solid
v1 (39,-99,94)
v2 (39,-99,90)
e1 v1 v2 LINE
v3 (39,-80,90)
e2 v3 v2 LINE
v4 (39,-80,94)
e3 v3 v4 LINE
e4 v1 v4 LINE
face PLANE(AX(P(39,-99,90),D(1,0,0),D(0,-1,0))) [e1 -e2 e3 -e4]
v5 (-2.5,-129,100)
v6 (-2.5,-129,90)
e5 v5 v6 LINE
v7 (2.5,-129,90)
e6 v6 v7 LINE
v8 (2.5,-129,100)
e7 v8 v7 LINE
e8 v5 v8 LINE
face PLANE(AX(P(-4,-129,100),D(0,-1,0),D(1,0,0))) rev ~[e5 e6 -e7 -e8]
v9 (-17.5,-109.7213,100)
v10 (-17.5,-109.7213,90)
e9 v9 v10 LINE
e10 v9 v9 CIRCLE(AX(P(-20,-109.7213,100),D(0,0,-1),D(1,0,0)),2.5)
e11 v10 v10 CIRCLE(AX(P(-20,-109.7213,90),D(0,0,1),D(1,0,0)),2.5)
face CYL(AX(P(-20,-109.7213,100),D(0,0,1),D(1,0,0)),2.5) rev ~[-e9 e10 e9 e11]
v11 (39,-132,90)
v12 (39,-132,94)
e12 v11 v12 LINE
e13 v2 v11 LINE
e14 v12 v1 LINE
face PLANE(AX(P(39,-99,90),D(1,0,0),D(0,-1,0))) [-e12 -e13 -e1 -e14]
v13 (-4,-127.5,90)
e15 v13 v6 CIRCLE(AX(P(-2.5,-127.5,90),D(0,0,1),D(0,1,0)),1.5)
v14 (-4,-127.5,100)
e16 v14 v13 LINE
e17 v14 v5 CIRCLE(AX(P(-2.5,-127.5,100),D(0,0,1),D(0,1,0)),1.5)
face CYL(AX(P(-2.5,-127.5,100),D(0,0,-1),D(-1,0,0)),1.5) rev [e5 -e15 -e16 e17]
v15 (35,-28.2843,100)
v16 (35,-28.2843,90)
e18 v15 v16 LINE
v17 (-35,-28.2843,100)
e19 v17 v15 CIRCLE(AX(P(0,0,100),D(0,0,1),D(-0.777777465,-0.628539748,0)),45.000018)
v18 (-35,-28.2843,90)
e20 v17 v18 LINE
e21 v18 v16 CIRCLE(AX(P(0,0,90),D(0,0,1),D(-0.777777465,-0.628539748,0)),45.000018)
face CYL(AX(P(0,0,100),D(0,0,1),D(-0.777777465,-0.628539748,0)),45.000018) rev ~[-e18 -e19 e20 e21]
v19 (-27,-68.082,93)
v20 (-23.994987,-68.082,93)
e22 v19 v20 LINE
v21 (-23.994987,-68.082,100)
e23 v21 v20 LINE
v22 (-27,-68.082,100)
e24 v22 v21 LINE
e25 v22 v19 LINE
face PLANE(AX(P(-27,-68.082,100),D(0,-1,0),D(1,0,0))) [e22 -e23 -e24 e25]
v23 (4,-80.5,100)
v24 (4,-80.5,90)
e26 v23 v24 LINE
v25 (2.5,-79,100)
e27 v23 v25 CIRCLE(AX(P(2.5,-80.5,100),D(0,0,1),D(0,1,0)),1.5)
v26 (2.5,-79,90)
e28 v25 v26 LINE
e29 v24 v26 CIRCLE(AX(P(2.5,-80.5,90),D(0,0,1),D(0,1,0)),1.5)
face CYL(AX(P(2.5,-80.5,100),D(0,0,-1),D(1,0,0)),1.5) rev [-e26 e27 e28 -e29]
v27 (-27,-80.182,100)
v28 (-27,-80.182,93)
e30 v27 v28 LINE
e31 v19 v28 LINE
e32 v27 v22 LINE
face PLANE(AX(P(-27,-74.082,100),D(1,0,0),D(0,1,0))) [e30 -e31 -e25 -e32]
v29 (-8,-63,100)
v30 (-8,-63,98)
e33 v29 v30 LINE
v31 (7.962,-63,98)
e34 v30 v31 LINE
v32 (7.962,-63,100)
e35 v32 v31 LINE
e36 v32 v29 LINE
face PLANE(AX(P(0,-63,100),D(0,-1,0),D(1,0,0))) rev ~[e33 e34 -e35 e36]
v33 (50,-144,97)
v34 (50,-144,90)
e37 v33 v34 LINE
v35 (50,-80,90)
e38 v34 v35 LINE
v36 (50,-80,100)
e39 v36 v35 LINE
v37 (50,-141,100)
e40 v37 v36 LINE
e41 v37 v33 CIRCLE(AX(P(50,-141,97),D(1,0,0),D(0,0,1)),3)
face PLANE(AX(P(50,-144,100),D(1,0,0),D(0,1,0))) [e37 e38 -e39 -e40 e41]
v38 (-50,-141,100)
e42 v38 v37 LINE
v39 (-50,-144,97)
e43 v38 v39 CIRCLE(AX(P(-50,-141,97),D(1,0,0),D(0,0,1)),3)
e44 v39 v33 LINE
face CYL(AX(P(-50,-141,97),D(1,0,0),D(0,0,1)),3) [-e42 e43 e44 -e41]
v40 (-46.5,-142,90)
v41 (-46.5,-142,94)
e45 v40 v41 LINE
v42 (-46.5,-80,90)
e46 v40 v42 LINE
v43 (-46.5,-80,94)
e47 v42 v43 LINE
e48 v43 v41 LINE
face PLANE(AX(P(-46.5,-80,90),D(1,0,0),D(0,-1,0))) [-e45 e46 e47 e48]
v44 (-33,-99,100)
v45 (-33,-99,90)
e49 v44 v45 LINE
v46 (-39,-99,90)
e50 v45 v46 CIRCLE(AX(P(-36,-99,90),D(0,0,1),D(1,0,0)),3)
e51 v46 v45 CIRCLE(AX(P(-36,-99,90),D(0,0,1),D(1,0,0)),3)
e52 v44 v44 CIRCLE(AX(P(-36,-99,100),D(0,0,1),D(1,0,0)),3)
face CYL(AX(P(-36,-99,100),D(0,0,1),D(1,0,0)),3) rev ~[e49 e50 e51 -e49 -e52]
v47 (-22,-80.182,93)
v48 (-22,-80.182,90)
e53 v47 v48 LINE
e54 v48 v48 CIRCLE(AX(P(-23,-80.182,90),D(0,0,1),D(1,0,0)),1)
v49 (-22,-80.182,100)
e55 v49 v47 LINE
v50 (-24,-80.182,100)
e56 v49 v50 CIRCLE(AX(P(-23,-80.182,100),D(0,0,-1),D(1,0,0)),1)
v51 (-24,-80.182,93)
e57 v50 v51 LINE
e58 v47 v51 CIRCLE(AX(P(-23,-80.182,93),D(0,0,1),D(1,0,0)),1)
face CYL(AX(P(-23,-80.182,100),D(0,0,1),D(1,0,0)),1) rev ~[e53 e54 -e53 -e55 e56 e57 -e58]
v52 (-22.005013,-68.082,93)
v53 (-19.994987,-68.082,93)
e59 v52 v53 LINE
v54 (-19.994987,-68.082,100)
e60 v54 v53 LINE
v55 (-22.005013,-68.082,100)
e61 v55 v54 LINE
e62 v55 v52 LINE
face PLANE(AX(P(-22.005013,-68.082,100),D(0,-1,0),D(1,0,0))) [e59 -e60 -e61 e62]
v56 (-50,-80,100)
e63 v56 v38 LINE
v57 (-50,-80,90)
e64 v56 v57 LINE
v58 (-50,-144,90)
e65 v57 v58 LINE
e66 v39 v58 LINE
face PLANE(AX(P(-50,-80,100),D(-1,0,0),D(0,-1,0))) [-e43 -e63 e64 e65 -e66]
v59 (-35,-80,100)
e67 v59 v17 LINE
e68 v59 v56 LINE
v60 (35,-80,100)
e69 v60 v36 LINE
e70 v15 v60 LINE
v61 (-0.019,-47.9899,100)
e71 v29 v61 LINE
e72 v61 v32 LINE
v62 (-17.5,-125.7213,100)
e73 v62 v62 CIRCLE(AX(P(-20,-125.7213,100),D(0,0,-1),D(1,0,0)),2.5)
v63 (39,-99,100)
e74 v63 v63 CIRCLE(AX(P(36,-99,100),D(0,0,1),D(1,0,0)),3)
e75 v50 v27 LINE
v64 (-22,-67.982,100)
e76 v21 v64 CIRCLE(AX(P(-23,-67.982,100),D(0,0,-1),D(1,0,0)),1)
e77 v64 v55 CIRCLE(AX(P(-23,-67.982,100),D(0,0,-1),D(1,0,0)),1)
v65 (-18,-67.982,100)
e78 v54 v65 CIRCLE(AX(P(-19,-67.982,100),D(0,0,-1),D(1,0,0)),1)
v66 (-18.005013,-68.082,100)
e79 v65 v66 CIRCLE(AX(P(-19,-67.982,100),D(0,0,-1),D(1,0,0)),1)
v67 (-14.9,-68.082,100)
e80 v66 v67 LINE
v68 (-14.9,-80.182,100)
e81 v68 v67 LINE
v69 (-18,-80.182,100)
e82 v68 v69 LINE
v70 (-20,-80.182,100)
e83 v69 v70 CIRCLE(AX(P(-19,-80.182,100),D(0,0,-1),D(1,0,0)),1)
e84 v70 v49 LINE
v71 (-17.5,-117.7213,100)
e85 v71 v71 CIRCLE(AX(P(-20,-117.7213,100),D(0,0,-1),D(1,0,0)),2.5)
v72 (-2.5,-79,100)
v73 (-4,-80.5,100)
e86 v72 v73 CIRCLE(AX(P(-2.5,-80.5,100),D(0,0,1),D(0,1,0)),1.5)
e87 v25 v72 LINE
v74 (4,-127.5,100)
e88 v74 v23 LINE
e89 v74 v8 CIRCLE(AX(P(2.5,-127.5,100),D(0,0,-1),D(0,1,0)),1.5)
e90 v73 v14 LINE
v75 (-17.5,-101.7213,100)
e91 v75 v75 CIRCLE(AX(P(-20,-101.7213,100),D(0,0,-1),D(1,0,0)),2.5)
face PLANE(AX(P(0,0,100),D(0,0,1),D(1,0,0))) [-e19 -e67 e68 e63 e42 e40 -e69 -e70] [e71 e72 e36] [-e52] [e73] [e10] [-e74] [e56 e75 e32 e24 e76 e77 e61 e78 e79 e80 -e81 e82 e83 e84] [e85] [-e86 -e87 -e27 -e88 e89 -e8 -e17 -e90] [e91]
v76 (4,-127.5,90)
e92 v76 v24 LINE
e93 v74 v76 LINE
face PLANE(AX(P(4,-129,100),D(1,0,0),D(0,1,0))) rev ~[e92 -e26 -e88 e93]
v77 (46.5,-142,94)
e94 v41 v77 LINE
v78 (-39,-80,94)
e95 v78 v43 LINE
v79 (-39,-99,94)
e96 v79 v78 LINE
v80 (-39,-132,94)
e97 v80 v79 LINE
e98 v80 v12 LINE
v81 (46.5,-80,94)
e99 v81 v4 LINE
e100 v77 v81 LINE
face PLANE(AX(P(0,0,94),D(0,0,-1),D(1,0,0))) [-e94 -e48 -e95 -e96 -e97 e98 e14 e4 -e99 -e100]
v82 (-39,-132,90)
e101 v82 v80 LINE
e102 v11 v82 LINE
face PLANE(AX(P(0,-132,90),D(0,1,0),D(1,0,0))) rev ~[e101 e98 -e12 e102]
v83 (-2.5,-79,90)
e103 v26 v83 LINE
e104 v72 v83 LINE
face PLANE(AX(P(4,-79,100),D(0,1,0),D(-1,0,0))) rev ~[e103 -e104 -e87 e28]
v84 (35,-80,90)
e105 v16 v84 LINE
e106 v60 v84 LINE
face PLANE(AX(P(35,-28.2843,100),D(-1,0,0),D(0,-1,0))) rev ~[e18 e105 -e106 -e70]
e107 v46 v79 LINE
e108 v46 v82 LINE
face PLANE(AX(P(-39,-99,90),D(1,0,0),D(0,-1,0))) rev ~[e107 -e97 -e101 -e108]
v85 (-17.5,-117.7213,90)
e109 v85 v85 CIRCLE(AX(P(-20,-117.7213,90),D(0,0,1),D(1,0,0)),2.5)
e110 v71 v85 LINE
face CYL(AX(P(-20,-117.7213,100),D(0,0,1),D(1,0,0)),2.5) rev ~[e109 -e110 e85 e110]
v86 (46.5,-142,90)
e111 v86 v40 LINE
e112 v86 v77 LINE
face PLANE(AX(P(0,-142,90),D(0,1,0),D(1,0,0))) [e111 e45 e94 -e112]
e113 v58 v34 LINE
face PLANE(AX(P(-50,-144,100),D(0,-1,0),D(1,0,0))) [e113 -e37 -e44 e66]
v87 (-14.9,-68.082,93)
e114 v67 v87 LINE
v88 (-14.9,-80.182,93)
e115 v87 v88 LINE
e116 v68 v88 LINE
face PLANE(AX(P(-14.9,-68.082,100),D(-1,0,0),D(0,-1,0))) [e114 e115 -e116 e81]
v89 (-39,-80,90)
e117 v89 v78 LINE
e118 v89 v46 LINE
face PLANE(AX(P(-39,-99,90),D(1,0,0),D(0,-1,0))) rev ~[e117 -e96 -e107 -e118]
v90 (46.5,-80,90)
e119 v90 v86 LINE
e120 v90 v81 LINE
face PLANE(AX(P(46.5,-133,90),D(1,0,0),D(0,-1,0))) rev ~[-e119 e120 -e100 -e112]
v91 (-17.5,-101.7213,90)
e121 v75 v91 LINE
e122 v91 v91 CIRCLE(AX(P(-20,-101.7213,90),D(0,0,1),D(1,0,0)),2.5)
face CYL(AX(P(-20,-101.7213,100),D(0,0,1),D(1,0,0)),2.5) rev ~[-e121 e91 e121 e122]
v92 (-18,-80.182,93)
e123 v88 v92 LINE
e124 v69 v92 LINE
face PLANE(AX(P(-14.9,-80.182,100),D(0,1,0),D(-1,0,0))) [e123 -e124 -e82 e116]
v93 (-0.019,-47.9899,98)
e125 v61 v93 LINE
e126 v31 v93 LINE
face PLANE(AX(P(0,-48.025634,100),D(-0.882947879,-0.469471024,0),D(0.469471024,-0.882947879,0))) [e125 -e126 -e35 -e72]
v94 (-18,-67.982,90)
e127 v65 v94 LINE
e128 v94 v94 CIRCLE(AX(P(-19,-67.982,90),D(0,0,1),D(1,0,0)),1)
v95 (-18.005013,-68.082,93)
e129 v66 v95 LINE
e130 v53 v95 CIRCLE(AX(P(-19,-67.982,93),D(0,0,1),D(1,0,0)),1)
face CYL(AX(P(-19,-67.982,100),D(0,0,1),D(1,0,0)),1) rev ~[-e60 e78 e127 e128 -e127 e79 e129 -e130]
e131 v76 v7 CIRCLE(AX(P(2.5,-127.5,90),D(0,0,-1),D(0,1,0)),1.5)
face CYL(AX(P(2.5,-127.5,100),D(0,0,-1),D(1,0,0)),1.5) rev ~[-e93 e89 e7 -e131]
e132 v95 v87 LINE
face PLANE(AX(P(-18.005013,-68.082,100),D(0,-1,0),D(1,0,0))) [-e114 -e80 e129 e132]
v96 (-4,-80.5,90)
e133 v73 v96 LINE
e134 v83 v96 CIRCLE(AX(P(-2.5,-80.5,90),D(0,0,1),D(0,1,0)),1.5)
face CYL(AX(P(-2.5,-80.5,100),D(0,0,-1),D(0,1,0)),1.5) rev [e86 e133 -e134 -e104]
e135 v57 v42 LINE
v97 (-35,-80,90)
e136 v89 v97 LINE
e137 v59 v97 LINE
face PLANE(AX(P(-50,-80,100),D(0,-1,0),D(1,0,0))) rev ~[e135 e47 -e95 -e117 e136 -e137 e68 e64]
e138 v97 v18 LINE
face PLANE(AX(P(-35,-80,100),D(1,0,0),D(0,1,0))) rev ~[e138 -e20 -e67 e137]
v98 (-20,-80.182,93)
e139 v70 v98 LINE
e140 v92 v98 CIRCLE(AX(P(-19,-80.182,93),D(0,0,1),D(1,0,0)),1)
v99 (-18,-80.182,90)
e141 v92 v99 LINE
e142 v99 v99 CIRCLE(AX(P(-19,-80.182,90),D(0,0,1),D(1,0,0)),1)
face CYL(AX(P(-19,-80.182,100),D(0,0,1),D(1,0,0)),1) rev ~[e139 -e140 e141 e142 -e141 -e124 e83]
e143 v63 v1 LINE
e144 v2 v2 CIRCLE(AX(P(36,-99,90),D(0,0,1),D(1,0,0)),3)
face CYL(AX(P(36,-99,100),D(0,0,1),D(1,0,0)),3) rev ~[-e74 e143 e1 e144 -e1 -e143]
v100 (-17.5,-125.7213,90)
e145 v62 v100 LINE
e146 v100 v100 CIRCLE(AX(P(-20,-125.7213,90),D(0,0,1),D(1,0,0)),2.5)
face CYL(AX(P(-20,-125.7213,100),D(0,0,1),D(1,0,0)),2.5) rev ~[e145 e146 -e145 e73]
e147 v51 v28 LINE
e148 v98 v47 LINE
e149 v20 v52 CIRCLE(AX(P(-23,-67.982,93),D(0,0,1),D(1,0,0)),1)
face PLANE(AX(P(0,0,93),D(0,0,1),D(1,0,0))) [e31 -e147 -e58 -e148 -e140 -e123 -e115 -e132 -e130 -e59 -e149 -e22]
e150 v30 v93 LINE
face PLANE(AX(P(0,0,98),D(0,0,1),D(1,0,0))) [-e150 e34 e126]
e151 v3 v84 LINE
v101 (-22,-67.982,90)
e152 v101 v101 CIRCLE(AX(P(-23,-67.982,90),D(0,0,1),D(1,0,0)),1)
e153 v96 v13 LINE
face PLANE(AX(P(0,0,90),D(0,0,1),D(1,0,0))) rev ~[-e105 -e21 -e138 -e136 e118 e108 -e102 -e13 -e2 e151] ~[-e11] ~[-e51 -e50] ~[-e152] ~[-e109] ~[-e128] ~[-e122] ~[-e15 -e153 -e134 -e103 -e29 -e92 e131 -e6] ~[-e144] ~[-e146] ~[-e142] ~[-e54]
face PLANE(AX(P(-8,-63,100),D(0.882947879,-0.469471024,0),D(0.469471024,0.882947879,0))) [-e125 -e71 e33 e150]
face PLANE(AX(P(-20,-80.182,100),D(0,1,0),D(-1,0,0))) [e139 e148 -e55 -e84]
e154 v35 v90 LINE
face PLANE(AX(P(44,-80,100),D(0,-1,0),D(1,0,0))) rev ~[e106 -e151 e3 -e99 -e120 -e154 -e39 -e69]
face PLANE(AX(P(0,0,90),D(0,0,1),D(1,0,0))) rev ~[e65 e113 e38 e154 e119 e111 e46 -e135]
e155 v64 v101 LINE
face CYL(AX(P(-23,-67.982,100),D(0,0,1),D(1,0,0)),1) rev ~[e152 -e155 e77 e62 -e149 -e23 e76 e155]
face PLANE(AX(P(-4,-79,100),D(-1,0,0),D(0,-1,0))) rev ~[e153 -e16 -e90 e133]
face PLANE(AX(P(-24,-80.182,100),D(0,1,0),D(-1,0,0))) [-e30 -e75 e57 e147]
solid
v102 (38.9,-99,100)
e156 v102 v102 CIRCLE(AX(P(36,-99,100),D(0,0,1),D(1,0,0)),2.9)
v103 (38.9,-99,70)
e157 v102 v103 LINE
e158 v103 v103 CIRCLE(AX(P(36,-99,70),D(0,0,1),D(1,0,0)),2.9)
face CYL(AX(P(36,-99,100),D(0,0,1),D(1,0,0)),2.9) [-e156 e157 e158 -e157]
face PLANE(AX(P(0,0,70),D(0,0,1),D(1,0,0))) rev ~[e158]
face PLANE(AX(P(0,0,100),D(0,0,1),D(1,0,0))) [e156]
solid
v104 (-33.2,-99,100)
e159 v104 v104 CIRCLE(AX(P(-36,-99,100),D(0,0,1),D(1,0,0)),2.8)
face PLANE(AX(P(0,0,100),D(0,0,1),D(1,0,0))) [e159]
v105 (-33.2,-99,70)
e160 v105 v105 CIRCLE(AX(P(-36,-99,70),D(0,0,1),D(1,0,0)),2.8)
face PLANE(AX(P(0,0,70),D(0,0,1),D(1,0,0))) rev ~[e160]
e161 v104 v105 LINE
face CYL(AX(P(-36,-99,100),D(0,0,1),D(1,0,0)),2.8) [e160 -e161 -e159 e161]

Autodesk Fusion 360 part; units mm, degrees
ref_plane "WorkPlane1" through (0, 0, 100) normal (0, 0, 1) x (1, 0, 0)
sketch "Sketch3" plane through (0, 0, 100) normal (0, 0, 1) x (1, 0, 0)
  line L0 (50, -80) -> (50, 0)
  arc A0 (50, 0) -> (-50, 0) centre (0, 0) ccw
  arc A1 (35, 0) -> (-35, 0) centre (0, 0) ccw
  line L1 (35, 0) -> (35, -80)
  line L2 (35, -80) -> (50, -80)
  line L3 (-50, 0) -> (-50, -80)
  line L4 (-50, -80) -> (-35, -80)
  line L5 (-35, -80) -> (-35, 0)
  circle A2 centre (-36, -99) radius 3
  circle A3 centre (36, -99) radius 3
  line L6 (40, -135) -> (-40, -135)
  line L7 (-40, -135) -> (-40, 0)
  line L8 (40, 0) -> (40, -135)
  line L9 (-44, -139) -> (-44, 0)
  line L10 (44, 0) -> (44, -139)
  line L11 (44, -139) -> (-44, -139)
  arc A4 (-35, -28.2843) -> (35, -28.2843) centre (0, 0) ccw
  line L12 (-35, -28.2843) -> (-35, -80)
  line L13 (-50, -80) -> (-50, -144)
  line L14 (-50, -144) -> (50, -144)
  line L15 (50, -144) -> (50, -80)
  line L16 (50, -80) -> (35, -80)
  line L17 (35, -28.2843) -> (35, -80)
  line L18 (-50, -80) -> (-35, -80)
  circle A5 centre (-36, -99) radius 2.8
  circle A6 centre (36, -99) radius 2.9
  dimension "d2" = 90
  dimension "d3" = 5.6
  dimension "d4" = 5.8
  dimension "d15" = 64
extrude "Extrude1" add sketch "Sketch3" against normal blind 10 contours L2 L4 L9 L10 L11 L13 L14 L15 L16 L18 | L2 L4 L6 L7 L8 L9 L10 L11 L16 L18 | L1 L2 L4 L5 L6 L7 L8 A4 L12 L16 L17 L18 makes body 1
extrude "Extrude2" add sketch "Sketch3" against normal blind 30 separate body contours A5 | A6 makes body 2 at (-33.541, -100.3391, 80) makes body 3 at (37.1927, -96.3566, 80)
sketch "Sketch6" plane through (0, 0, 90) normal (0, 0, -1) x (1, 0, 0)
  circle A0 centre (36, 99) radius 3
  circle A1 centre (-36, 99) radius 3
  line L0 (50, 144) -> (-50, 144)
  line L1 (-50, 144) -> (-50, 80)
  line L2 (-50, 80) -> (-35, 80)
  line L3 (-35, 80) -> (-35, 28.2843)
  arc A2 (35, 28.2843) -> (-35, 28.2843) centre (0, 0) ccw
  line L4 (35, 28.2843) -> (35, 80)
  line L5 (35, 80) -> (50, 80)
  line L6 (50, 80) -> (50, 144)
  line L7 (35, 80) -> (42.5, 80)
  line L8 (42.5, 80) -> (46.5, 80)
  line L9 (42.5, 80) -> (39, 80)
  line L10 (46.5, 80) -> (46.5, 133)
  line L11 (39, 80) -> (39, 132)
  line L12 (0, 0) -> (0, 10)
  line L13 (0, 10) -> (0, 183.5284)
  line L14 (0, 10) -> (0, 183.5284)
  line L15 (-39, 80) -> (-39, 132)
  line L16 (-46.5, 80) -> (-46.5, 133)
  line L17 (-42.5, 80) -> (-39, 80)
  line L18 (-42.5, 80) -> (-46.5, 80)
  line L19 (-39, 132) -> (39, 132)
  line L20 (46.5, 133) -> (46.5, 142)
  line L21 (-46.5, 133) -> (-46.5, 142)
  line L22 (-46.5, 142) -> (46.5, 142)
  line L23 (44, 139) -> (-44, 139)
  dimension "d9" = 4
  dimension "d10" = 3.5
  dimension "d11" = 53
  dimension "d12" = 52
  dimension "d19" = 3
extrude "Extrude4" cut sketch "Sketch6" against normal blind 4 contours L5 L7 L8 L9 L10 L11 L13 L14 L19 L20 L22 | L2 L13 L14 L15 L16 L17 L18 L19 L21 L22 bodies 1
sketch "Sketch7" plane through (0, 0, 100) normal (0, 0, 1) x (1, 0, 0)
  line L0 (-20, -101.7213) -> (-20, -125.7213)
  circle A0 centre (-20, -101.7213) radius 2.5
  circle A1 centre (-20, -125.7213) radius 2.5
  circle A2 centre (-20, -117.7213) radius 2.5
  circle A3 centre (-20, -109.7213) radius 2.5
  dimension "d20" = 5
  dimension "d21" = 24
  dimension "d22" = 5
  dimension "d23" = 5
  dimension "d24" = 5
  dimension "d28" = 8
  dimension "d30" = 8
  dimension "d31" = 8
extrude "Extrude5" cut sketch "Sketch7" against normal blind 45 bodies 1
sketch "Sketch8" plane through (0, 0, 100) normal (0, 0, 1) x (1, 0, 0)
  line L0 (-27, -68.082) -> (-14.9, -68.082)
  line L1 (-14.9, -68.082) -> (-14.9, -80.182)
  line L2 (-14.9, -80.182) -> (-27, -80.182)
  line L3 (-27, -80.182) -> (-27, -68.082)
  line L4 (-27, -80.182) -> (-23, -80.182)
  circle A0 centre (-23, -80.182) radius 1
  line L5 (-23, -80.182) -> (-19, -80.182)
  circle A1 centre (-19, -80.182) radius 1
  line L6 (-27, -68.082) -> (-27, -74.082)
  line L7 (-27, -74.082) -> (-7.7924, -74.082)
  line L8 (-27, -74.082) -> (-7.7924, -74.082)
  circle A2 centre (-23, -67.982) radius 1
  circle A3 centre (-19, -67.982) radius 1
  point P0 (-35, -80)
  dimension "d34" = 12.1
  dimension "d35" = 12.1
  dimension "d36" = 4
  dimension "d37" = 2
  dimension "d38" = 4
  dimension "d39" = 2
  dimension "d40" = 6
  dimension "d41" = 8
extrude "Extrude6" cut sketch "Sketch8" against normal blind 17 contours L0 A2 | L0 A2 | L0 A3 | L0 A3 | L2 L4 A0 L5 | L2 L4 A0 L5 | L2 L5 A1 | L2 L5 A1 bodies 1
extrude "Extrude7" cut sketch "Sketch8" against normal blind 7 contours L0 L1 L3 L6 L7 L8 A2 A3 | L1 L2 L3 L4 A0 L5 A1 L7 L8 bodies 1
sketch "Sketch9" plane through (0, 0, 100) normal (0, 0, 1) x (1, 0, 0)
  line L0 (4, -79) -> (-4, -79)
  line L1 (-4, -79) -> (-4, -129)
  line L2 (-4, -129) -> (4, -129)
  line L3 (4, -129) -> (4, -79)
  line L4 (4, -79) -> (-4, -129) construction
  line L5 (-4, -79) -> (4, -129) construction
  line L6 (-50, -144) -> (50, -144)
  point P0 (0, -104)
  dimension "d46" = 8
  dimension "d47" = 50
  dimension "d48" = 15
extrude "Extrude8" cut sketch "Sketch9" against normal blind 55 bodies 1
fillet "Fillet1" radius 1.5 4 edges at (-4, -79, 95) (4, -79, 95) (-4, -129, 95) (4, -129, 95) on bodies 1
fillet "Fillet2" radius 3 1 edges at (0, -144, 100) on bodies 1
sketch "Sketch12" plane through (0, 0, 100) normal (0, 0, 1) x (1, 0, 0)
  line L0 (0, -63) -> (8, -63)
  line L1 (0, -63) -> (-8, -63)
  line L2 (-8, -63) -> (-0.019, -47.9899)
  line L3 (-8, -63) -> (4.6601, -63) construction
  line L4 (0, -10) -> (0, -183.5284)
  line L5 (-0.019, -47.9899) -> (7.962, -63)
  line L6 (-0.019, -47.9899) -> (16.981, -47.9899) construction
  dimension "d78" = 8
  dimension "d79" = 8
  dimension "d80" = 17
  dimension "d81" = 62
  dimension "d82" = 17
  dimension "d83" = 62
extrude "Extrude10" cut sketch "Sketch12" against normal blind 2 bodies 1
equation "d7 = -23 mm - 7 mm"
